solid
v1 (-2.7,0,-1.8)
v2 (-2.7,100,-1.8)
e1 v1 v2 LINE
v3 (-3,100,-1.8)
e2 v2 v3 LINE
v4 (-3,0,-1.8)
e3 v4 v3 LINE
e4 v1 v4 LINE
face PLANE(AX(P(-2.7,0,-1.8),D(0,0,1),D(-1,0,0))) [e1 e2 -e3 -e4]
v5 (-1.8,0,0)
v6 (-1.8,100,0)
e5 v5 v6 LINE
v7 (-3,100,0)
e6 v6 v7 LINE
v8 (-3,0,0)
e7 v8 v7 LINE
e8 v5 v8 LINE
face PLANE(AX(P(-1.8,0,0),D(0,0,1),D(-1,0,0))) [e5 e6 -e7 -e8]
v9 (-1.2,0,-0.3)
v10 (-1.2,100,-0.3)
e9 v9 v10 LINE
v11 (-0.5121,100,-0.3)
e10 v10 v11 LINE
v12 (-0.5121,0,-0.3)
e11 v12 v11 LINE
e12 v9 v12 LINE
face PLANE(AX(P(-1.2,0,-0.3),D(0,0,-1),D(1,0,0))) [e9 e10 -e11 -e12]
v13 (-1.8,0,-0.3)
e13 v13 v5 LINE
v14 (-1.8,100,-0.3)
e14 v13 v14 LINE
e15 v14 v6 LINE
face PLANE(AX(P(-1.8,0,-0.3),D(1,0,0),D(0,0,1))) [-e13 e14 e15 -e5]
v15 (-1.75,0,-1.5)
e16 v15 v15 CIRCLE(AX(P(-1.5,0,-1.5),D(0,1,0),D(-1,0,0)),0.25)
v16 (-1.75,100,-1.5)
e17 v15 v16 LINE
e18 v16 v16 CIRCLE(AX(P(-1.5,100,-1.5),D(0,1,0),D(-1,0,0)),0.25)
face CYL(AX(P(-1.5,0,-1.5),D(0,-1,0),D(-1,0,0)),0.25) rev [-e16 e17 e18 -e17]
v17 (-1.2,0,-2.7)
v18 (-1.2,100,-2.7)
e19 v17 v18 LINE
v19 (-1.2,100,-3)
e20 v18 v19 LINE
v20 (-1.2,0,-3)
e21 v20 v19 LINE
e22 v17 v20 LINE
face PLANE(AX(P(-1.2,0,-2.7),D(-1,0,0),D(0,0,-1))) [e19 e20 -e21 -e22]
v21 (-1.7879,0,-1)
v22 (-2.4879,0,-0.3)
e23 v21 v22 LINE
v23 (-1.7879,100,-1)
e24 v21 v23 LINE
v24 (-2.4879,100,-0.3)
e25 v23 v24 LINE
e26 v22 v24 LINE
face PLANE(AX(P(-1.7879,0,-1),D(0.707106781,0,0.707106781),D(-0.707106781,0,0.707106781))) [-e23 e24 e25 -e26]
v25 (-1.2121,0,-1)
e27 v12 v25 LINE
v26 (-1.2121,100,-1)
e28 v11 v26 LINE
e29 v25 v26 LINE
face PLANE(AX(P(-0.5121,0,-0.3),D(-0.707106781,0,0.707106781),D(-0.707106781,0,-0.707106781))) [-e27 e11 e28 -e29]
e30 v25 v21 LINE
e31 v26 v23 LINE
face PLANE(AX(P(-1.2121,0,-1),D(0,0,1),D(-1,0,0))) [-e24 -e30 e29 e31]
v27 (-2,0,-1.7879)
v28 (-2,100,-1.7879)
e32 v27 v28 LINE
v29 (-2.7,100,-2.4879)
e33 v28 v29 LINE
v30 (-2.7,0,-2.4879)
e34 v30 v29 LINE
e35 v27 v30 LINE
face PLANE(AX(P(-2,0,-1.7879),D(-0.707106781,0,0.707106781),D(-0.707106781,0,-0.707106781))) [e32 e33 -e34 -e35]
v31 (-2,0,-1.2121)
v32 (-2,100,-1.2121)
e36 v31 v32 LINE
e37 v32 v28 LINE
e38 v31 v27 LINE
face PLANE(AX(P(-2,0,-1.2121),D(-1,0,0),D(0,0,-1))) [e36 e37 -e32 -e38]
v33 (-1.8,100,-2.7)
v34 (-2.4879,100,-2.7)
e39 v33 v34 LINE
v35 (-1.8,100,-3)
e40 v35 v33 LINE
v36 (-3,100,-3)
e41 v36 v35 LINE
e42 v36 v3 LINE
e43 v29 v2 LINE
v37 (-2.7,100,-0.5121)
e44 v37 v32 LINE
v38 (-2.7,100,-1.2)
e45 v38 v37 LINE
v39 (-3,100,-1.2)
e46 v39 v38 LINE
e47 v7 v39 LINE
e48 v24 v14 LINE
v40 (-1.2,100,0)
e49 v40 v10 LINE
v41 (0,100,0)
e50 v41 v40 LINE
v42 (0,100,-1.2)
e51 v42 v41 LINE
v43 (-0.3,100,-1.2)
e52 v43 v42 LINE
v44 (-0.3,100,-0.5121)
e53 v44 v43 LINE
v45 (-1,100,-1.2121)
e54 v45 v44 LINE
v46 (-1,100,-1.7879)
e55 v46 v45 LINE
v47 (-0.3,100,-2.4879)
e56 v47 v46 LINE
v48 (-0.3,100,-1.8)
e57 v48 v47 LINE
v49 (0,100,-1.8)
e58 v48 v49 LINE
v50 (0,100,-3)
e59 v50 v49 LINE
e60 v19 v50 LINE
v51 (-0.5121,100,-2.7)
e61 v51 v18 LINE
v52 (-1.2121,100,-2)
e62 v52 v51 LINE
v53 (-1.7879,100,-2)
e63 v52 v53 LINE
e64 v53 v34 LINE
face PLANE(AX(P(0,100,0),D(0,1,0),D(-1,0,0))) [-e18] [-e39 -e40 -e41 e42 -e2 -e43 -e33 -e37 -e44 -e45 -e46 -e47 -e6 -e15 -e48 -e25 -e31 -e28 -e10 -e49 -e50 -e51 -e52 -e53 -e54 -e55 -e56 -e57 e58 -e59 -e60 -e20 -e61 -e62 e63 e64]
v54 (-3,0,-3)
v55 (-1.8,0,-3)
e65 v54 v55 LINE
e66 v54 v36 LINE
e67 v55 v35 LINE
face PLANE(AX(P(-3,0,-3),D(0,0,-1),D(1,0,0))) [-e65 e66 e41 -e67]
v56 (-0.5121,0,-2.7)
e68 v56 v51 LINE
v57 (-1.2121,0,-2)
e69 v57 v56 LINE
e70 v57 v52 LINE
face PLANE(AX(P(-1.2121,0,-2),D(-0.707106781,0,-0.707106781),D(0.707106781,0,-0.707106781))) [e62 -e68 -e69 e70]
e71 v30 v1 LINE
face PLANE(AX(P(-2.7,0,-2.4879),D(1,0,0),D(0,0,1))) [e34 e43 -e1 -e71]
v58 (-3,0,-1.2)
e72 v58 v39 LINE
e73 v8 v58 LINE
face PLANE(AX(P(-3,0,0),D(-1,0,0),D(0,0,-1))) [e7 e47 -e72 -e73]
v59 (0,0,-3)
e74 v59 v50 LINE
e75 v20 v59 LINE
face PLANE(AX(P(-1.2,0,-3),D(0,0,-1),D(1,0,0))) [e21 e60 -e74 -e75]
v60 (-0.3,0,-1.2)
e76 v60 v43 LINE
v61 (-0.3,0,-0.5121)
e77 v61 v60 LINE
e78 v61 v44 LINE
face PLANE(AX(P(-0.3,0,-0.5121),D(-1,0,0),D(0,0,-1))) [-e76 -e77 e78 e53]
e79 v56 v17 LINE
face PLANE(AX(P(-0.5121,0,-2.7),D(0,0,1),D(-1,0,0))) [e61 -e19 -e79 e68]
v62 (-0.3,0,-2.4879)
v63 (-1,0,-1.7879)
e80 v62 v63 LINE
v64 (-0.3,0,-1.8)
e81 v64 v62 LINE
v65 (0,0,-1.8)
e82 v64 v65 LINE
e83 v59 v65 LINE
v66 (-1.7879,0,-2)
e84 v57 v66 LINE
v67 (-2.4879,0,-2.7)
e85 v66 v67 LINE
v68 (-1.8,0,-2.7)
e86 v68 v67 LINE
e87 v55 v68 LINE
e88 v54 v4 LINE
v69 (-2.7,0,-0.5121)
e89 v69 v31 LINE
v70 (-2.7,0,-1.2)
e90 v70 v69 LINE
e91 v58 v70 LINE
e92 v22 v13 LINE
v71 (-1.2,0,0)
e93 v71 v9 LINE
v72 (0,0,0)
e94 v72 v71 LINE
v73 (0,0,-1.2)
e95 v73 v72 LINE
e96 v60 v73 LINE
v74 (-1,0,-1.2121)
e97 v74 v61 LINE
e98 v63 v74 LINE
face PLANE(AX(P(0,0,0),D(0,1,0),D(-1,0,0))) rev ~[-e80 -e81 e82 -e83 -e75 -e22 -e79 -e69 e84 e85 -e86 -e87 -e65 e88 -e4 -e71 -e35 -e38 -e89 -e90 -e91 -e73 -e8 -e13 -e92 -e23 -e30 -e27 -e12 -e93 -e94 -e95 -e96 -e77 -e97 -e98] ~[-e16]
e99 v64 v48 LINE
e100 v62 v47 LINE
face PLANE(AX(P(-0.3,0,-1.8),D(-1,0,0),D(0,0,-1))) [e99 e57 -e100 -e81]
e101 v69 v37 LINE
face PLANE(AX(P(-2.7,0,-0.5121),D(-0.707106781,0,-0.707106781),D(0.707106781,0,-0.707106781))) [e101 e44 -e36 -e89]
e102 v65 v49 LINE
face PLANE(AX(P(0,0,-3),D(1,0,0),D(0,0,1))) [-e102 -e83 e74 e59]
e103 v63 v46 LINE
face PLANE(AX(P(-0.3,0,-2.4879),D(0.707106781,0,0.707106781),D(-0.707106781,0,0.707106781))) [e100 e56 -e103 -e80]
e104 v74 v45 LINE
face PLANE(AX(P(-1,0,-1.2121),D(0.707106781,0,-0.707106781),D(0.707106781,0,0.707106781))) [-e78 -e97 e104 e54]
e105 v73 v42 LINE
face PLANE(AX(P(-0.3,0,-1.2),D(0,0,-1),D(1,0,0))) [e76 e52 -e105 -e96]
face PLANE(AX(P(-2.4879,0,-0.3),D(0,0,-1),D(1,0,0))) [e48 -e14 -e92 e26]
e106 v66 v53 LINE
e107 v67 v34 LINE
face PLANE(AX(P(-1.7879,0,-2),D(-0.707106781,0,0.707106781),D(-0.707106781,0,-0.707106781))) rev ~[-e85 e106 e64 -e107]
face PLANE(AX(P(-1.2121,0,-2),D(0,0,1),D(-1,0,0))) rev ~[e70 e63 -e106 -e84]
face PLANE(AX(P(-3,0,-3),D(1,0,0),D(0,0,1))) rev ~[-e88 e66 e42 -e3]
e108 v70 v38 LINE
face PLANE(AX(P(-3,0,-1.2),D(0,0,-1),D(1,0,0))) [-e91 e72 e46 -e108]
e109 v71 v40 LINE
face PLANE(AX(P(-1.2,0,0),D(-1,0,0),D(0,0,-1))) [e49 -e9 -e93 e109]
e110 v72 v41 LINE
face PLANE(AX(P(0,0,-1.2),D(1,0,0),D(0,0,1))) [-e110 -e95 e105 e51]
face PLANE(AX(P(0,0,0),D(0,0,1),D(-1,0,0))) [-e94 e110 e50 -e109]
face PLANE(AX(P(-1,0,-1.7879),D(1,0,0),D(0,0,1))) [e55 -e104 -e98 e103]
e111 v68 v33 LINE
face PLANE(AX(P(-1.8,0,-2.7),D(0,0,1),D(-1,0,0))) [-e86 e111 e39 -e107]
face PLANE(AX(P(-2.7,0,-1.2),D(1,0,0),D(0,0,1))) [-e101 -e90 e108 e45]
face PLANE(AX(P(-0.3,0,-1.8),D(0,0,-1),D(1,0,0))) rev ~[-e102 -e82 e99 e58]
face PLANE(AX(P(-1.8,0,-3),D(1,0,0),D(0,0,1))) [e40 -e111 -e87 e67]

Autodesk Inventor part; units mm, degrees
ref_plane "YZ Plane" through (0, 0, 0) normal (1, 0, 0) x (0, 1, 0)
ref_plane "XZ Plane" through (0, 0, 0) normal (0, 1, 0) x (-1, 0, 0)
ref_plane "XY Plane" through (0, 0, 0) normal (0, 0, 1) x (1, 0, 0)
sketch "Skizze1" plane through (0, 0, 0) normal (0, 1, 0) x (-1, 0, 0)
  line L0 (0, 0) -> (3, 0) construction
  line L1 (3, 0) -> (3, -3) construction
  line L2 (3, -3) -> (0, -3) construction
  line L3 (0, -3) -> (0, 0) construction
  line L4 (3, -1.5) -> (0, -1.5) construction
  line L5 (1.5, -3) -> (1.5, 0) construction
  circle A0 centre (1.5, -1.5) radius 0.25
  line L6 (2, -1) -> (1, -1) construction
  line L7 (1, -1) -> (1, -2) construction
  line L8 (1, -2) -> (2, -2) construction
  line L9 (2, -2) -> (2, -1) construction
  line L10 (1.5, -1) -> (1.5, -2) construction
  line L11 (2, -1.5) -> (1, -1.5) construction
  line L12 (3, -1.2) -> (0, -1.2) construction
  line L13 (1.2, 0) -> (1.2, -3) construction
  line L14 (0, -1.8) -> (3, -1.8) construction
  line L15 (1.8, 0) -> (1.8, -3) construction
  line L16 (2.7, -2.7) -> (2.7, -0.3) construction
  line L17 (2.7, -0.3) -> (0.3, -0.3) construction
  line L18 (0.3, -0.3) -> (0.3, -2.7) construction
  line L19 (0.3, -2.7) -> (2.7, -2.7) construction
  line L20 (2.7, -0.3) -> (0.3, -2.7) construction
  line L21 (2.7, -2.7) -> (0.3, -0.3) construction
  line L22 (2.7, -0.5121) -> (0.5121, -2.7) construction
  line L23 (0.3, -2.4879) -> (2.4879, -0.3) construction
  line L24 (0.5121, -0.3) -> (2.7, -2.4879) construction
  line L25 (2.4879, -2.7) -> (0.3, -0.5121) construction
  line L26 (3, 0) -> (3, -1.2)
  line L27 (3, -1.2) -> (2.7, -1.2)
  line L28 (2.7, -1.2) -> (2.7, -0.5121)
  line L29 (2.7, -0.5121) -> (2, -1.2121)
  line L30 (2, -1.2121) -> (2, -1.7879)
  line L31 (2, -1.7879) -> (2.7, -2.4879)
  line L32 (2.7, -2.4879) -> (2.7, -1.8)
  line L33 (2.7, -1.8) -> (3, -1.8)
  line L34 (3, -3) -> (3, -1.8)
  line L35 (3, -3) -> (1.8, -3)
  line L36 (1.8, -3) -> (1.8, -2.7)
  line L37 (1.8, -2.7) -> (2.4879, -2.7)
  line L38 (1.7879, -2) -> (2.4879, -2.7)
  line L39 (1.2121, -2) -> (1.7879, -2)
  line L40 (1.2121, -2) -> (0.5121, -2.7)
  line L41 (0.5121, -2.7) -> (1.2, -2.7)
  line L42 (1.2, -2.7) -> (1.2, -3)
  line L43 (1.2, -3) -> (0, -3)
  line L44 (0, -3) -> (0, -1.8)
  line L45 (0.3, -1.8) -> (0, -1.8)
  line L46 (0.3, -1.8) -> (0.3, -2.4879)
  line L47 (0.3, -2.4879) -> (1, -1.7879)
  line L48 (1, -1.7879) -> (1, -1.2121)
  line L49 (1, -1.2121) -> (0.3, -0.5121)
  line L50 (0.3, -0.5121) -> (0.3, -1.2)
  line L51 (0.3, -1.2) -> (0, -1.2)
  line L52 (0, -1.2) -> (0, 0)
  line L53 (0, 0) -> (1.2, 0)
  line L54 (1.2, 0) -> (1.2, -0.3)
  line L55 (1.2, -0.3) -> (0.5121, -0.3)
  line L56 (0.5121, -0.3) -> (1.2121, -1)
  line L57 (1.2121, -1) -> (1.7879, -1)
  line L58 (1.7879, -1) -> (2.4879, -0.3)
  line L59 (2.4879, -0.3) -> (1.8, -0.3)
  line L60 (1.8, -0.3) -> (1.8, 0)
  line L61 (1.8, 0) -> (3, 0)
  dimension "d0" = 3
  dimension "d1" = 3
  dimension "d2" = 0.5
  dimension "d3" = 1
  dimension "d4" = 1
  dimension "d5" = 1.2
  dimension "d6" = 1.2
  dimension "d7" = 1.2
  dimension "d8" = 1.2
  dimension "d9" = 0.3
  dimension "d10" = 0.15
  dimension "d11" = 0.15
  dimension "d12" = 0.15
  dimension "d13" = 0.15
extrude "Extrusion1" add sketch "Skizze1" along normal blind 100
properties part number "item_30x30_100cm"
